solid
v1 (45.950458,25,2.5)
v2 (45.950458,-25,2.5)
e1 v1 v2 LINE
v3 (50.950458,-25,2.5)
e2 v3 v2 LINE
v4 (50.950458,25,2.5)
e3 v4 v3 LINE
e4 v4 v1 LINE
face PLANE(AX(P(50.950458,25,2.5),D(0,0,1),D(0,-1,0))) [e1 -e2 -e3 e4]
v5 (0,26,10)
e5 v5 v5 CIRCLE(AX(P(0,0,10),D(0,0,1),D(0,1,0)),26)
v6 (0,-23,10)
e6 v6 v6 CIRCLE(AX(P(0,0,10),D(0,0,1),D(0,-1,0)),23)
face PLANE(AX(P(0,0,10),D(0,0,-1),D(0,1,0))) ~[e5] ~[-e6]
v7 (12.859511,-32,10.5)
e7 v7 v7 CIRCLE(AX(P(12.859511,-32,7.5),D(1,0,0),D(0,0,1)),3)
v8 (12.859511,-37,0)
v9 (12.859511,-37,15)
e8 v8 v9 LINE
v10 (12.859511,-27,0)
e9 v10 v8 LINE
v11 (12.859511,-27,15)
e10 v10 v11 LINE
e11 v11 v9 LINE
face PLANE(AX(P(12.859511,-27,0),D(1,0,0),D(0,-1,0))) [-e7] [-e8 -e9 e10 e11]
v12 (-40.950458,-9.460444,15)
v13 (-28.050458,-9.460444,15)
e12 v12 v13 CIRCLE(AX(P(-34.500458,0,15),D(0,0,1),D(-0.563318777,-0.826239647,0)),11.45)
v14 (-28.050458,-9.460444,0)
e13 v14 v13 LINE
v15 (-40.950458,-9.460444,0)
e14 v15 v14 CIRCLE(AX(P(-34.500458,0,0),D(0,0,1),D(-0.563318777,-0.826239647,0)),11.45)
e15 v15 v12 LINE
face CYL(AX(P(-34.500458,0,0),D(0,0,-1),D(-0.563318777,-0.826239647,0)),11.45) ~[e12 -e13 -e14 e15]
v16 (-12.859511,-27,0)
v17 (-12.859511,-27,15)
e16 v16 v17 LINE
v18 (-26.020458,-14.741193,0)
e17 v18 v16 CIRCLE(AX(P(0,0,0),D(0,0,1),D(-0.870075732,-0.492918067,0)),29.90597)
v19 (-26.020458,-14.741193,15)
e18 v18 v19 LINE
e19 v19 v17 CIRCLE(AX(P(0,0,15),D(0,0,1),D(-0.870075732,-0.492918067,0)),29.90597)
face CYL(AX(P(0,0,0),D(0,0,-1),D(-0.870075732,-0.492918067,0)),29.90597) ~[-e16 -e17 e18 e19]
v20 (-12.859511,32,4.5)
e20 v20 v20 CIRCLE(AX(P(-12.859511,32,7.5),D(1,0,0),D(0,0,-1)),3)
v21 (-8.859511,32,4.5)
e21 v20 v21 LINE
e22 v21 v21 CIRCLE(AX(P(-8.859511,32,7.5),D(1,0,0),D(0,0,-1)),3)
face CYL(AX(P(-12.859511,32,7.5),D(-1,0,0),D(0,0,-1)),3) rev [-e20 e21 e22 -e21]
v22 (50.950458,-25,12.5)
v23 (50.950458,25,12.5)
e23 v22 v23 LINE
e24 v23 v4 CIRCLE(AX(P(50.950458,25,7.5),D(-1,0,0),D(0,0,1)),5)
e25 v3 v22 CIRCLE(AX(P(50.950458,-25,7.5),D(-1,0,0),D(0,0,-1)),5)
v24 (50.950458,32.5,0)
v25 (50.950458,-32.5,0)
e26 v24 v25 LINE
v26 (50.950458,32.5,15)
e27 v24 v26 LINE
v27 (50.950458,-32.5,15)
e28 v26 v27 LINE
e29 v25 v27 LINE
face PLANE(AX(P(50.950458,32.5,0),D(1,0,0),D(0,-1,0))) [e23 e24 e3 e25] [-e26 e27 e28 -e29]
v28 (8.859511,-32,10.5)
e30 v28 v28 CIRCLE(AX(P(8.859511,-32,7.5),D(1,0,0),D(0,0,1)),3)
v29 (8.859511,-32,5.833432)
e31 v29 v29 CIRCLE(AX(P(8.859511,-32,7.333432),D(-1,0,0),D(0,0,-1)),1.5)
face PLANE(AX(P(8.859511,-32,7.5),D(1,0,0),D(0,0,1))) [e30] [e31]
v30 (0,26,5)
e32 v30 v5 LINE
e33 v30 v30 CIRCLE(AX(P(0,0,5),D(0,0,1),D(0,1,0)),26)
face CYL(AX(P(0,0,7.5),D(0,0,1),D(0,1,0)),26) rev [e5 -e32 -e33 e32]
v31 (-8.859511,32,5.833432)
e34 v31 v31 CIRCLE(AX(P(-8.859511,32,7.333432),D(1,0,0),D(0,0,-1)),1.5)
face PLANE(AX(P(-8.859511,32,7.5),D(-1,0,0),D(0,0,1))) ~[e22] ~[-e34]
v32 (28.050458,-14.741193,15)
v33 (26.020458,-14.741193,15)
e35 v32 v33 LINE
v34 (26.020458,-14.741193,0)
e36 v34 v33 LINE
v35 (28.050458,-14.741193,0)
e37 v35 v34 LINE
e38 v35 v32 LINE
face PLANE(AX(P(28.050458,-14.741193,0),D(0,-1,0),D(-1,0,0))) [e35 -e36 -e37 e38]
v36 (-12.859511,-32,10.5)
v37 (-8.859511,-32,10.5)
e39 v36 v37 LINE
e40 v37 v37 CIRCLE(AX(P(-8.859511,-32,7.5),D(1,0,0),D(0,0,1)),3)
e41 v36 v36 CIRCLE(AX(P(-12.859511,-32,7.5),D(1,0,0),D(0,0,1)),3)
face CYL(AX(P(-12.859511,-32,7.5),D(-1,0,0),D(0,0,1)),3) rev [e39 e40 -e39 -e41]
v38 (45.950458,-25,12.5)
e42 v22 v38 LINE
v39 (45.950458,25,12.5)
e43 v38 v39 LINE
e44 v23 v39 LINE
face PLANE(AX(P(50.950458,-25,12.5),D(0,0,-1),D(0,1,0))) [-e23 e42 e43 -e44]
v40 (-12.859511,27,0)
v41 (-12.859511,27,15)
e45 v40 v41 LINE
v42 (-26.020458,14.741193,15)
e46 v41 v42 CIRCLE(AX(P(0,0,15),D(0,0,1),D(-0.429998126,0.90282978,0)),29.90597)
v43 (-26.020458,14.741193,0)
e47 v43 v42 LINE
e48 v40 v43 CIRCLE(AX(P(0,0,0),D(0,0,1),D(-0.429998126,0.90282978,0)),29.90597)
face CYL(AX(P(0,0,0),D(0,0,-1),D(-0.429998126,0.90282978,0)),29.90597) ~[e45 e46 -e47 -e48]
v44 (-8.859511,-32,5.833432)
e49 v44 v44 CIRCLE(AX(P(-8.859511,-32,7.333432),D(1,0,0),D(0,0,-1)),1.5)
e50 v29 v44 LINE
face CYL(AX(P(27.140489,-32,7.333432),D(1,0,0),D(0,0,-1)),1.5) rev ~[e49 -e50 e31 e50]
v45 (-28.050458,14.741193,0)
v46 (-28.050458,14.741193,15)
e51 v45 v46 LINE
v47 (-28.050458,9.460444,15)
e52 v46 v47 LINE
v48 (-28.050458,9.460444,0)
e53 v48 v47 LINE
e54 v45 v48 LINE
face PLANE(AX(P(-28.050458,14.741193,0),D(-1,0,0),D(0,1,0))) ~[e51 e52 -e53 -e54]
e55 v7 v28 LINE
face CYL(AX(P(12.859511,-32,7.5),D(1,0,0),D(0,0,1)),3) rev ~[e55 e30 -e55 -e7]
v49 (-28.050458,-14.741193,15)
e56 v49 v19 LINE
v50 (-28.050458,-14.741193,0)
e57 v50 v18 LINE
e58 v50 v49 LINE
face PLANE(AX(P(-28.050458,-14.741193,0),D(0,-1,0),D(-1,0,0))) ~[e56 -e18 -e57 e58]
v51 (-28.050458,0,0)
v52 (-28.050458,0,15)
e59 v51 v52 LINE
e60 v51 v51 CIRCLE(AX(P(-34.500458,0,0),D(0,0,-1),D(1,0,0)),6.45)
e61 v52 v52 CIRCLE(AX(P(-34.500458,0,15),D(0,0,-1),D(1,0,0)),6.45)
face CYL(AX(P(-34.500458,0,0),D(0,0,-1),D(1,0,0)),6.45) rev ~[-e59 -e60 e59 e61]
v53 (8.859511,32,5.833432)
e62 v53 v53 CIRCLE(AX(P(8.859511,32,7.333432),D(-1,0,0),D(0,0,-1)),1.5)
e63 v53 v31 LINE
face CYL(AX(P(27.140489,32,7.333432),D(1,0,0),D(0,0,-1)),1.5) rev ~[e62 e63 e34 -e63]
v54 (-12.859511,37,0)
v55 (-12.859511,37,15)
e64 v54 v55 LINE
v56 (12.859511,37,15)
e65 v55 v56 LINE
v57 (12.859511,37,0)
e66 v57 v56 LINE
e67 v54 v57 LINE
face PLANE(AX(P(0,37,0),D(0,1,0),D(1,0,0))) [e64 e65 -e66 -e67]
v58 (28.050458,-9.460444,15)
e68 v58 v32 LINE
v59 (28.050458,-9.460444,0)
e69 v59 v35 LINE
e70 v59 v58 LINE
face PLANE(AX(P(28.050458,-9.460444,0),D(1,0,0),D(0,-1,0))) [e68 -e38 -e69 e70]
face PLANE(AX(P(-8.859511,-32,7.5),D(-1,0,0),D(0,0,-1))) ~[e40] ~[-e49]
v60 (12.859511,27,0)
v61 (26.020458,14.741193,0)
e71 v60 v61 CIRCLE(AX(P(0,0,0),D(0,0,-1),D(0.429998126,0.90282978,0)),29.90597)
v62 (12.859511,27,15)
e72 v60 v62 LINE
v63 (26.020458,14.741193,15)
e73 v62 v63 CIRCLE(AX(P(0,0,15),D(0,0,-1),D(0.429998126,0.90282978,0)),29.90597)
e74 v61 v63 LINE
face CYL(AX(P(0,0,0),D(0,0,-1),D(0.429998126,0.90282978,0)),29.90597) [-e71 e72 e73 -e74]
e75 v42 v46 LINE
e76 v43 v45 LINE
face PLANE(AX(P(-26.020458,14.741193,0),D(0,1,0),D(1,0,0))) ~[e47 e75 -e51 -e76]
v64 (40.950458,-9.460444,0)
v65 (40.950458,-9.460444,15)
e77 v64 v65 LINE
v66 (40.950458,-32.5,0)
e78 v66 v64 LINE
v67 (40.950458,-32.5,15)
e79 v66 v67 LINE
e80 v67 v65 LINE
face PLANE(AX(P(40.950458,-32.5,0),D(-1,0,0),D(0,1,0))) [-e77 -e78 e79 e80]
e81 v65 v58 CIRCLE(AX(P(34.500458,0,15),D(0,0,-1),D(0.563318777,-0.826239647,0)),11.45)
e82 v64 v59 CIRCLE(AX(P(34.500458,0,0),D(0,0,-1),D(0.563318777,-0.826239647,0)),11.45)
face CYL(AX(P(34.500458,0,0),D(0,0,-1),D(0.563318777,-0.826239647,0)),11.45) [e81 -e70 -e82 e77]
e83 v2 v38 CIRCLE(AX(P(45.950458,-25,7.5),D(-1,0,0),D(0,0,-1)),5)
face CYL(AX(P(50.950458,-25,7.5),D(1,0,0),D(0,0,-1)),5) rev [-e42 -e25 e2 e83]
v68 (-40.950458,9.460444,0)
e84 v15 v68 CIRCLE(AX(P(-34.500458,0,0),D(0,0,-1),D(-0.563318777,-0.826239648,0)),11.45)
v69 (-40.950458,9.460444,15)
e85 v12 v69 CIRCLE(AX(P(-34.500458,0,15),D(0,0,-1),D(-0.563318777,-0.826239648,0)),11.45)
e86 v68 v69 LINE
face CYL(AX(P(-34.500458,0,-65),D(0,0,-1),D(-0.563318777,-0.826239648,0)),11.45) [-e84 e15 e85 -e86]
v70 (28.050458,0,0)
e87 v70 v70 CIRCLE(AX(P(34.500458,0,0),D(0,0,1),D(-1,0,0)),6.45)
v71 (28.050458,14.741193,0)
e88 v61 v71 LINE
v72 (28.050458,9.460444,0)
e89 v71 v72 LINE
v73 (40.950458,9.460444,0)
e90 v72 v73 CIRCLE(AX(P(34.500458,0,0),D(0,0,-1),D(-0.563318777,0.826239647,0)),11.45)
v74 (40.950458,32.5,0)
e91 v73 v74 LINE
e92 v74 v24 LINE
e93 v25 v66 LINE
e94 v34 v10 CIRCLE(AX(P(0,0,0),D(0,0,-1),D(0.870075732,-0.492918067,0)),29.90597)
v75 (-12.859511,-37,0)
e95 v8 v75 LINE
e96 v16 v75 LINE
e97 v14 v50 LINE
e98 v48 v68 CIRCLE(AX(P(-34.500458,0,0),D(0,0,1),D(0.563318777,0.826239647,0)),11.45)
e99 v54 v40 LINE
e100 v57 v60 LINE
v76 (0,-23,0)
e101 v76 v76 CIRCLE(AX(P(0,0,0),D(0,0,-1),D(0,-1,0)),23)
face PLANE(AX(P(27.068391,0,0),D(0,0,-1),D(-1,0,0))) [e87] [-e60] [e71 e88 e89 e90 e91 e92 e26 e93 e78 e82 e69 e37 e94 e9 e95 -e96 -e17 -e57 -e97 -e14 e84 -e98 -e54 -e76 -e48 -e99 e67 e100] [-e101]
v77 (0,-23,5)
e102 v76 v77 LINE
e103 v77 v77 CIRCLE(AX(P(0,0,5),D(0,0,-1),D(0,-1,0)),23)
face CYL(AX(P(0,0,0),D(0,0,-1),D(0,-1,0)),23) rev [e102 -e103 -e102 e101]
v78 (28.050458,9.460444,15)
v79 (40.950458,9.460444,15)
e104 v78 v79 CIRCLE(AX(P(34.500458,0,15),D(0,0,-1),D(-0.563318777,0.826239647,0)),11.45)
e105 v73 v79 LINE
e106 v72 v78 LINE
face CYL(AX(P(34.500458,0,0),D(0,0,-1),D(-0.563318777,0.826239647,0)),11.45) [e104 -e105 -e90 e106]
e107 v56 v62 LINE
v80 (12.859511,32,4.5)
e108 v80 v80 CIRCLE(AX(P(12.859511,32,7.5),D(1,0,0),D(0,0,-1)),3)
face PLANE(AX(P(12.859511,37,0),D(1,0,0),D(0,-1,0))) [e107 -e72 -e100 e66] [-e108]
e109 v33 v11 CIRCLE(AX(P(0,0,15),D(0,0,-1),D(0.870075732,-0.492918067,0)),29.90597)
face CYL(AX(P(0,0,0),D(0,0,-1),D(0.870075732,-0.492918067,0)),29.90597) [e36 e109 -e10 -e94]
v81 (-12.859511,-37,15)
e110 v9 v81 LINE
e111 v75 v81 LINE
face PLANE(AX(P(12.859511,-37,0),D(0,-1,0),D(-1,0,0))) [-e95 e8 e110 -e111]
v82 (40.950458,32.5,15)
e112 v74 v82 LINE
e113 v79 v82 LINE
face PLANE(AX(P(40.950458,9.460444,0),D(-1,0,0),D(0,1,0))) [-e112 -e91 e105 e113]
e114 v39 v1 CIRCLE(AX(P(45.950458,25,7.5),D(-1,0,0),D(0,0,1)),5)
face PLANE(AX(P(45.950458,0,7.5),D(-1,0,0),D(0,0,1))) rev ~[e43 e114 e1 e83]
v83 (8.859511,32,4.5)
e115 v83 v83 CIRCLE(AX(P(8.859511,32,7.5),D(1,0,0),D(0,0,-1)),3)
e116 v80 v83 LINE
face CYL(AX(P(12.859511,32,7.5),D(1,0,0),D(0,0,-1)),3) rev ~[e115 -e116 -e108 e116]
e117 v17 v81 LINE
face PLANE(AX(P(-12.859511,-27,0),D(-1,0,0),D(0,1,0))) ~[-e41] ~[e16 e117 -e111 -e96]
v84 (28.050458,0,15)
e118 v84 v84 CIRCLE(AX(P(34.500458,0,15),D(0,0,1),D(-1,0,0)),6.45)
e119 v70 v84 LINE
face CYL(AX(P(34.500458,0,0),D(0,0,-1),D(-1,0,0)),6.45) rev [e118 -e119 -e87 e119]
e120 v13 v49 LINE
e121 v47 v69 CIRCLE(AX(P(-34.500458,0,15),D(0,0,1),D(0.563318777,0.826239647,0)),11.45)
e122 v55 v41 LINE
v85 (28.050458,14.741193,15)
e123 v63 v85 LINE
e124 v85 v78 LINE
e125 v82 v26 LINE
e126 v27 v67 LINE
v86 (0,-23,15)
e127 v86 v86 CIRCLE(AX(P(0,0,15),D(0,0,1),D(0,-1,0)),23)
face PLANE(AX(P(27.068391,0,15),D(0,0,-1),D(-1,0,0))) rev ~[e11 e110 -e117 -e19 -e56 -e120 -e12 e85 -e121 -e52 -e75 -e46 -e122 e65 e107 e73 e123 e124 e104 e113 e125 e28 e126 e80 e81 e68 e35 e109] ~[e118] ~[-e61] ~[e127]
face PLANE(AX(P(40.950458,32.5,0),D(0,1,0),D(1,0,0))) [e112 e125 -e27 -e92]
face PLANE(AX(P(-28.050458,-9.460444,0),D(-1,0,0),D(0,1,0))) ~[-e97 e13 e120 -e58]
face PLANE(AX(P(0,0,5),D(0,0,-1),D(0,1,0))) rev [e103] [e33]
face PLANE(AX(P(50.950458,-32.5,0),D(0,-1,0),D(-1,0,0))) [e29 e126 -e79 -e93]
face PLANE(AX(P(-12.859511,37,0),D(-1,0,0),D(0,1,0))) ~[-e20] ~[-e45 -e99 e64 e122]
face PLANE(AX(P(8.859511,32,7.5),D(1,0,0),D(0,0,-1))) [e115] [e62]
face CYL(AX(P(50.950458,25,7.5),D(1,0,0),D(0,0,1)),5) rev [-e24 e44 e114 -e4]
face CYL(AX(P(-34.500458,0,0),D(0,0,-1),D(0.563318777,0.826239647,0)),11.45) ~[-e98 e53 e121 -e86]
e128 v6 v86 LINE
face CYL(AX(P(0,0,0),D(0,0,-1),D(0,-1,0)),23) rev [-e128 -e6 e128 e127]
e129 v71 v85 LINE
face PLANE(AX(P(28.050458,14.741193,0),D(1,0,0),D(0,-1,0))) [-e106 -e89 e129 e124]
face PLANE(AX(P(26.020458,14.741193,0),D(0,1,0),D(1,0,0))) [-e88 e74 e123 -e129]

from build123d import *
from build123d.topology import SkipClean

# Parameters (mm, degrees)
SKETCH1_R           = 6.45
BOSS_EXTRUDE1_DEPTH = 15
SKETCH2_W           = 5
SKETCH2_H           = 3
CUT_EXTRUDE3_DEPTH  = 5
CUT_EXTRUDE4_START  = -40
SKETCH4_R           = 1.5
CUT_EXTRUDE4_DEPTH  = 63
SKETCH5_R           = 3
CUT_EXTRUDE5_DEPTH  = 4
CUT_EXTRUDE6_START  = -80
CUT_EXTRUDE6_DEPTH  = 80


with BuildPart() as part:
    # Sketch1 → Boss-Extrude1 (new body)
    with BuildSketch(Plane.XY):
        with BuildLine():
            Line((0, 23), (0, 37))
            Line((0, 37), (12.859510911, 37))
            Line((12.859510911, 37), (12.859510911, 27))
            ThreePointArc((12.859510911, 27), (20.383390121, 21.88342816), (26.020458433, 14.741192754))
            Line((26.020458433, 14.741192754), (28.050458433, 14.741192754))
            Line((28.050458433, 14.741192754), (28.050458433, 9.460443964))
            ThreePointArc((28.050458433, 9.460443964), (34.500458433, 11.45), (40.950458433, 9.460443964))
            Line((40.950458433, 9.460443964), (40.950458433, 32.5))
            Line((40.950458433, 32.5), (50.950458433, 32.5))
            Line((50.950458433, 32.5), (50.950458433, -32.5))
            Line((50.950458433, -32.5), (40.950458433, -32.5))
            Line((40.950458433, -32.5), (40.950458433, -9.460443964))
            ThreePointArc((40.950458433, -9.460443964), (34.500458433, -11.45), (28.050458433, -9.460443964))
            Line((28.050458433, -9.460443964), (28.050458433, -14.741192754))
            Line((28.050458433, -14.741192754), (26.020458433, -14.741192754))
            ThreePointArc((26.020458433, -14.741192754), (20.383390121, -21.88342816), (12.859510911, -27))
            Line((12.859510911, -27), (12.859510911, -37))
            Line((12.859510911, -37), (0, -37))
            Line((0, -37), (0, -23))
            ThreePointArc((0, -23), (23, 0), (0, 23))
        make_face()
        with Locations(Location((34.500458433, 0, 0), (0, 0, 180))):
            Circle(SKETCH1_R, mode=Mode.SUBTRACT)
    boss_extrude1 = extrude(amount=BOSS_EXTRUDE1_DEPTH)

    # Sketch2 → Cut-Revolve1 (revolve, cut)
    with BuildSketch(Plane.ZY):
        with Locations((7.5, 24.5)):
            Rectangle(SKETCH2_W, SKETCH2_H)
    cut_revolve1 = revolve(axis=Axis((0, 0, 15), (0, 0, -1)), mode=Mode.SUBTRACT)

    # Sketch3 → Cut-Extrude3 (cut)
    with BuildSketch(Plane(origin=(50.950458433, 0, 0), x_dir=(0, 0, -1), z_dir=(1, 0, 0))):
        with BuildLine():
            Line((-12.5, -25), (-12.5, 25))
            ThreePointArc((-12.5, 25), (-7.5, 30), (-2.5, 25))
            Line((-2.5, 25), (-2.5, -25))
            ThreePointArc((-2.5, -25), (-7.5, -30), (-12.5, -25))
        make_face()
    extrude(amount=-CUT_EXTRUDE3_DEPTH, mode=Mode.SUBTRACT)

    # Sketch4 → Cut-Extrude4 (cut)
    with BuildSketch(Plane(origin=(12.859510911, 0, 0), x_dir=(0, 0, -1), z_dir=(1, 0, 0)).offset(CUT_EXTRUDE4_START)):
        with Locations((-7.333431897, 32)):
            Circle(SKETCH4_R)
        with Locations((-7.333431897, -32)):
            Circle(SKETCH4_R)
    cut_extrude4 = extrude(amount=CUT_EXTRUDE4_DEPTH, mode=Mode.SUBTRACT)

    # Sketch5 → Cut-Extrude5 (cut)
    with BuildSketch(Plane(origin=(12.859510911, 0, 0), x_dir=(0, 0, -1), z_dir=(1, 0, 0))):
        with Locations((-7.5, 32)):
            Circle(SKETCH5_R)
        with Locations(Location((-7.5, -32, 0), (0, 0, 180))):
            Circle(SKETCH5_R)
    cut_extrude5 = extrude(amount=-CUT_EXTRUDE5_DEPTH, mode=Mode.SUBTRACT)

    # Mirror1: Boss-Extrude1, Cut-Revolve1, Cut-Extrude4, Cut-Extrude5 across plane
    add(boss_extrude1.mirror(Plane.ZY))
    add(cut_revolve1.mirror(Plane.ZY), mode=Mode.SUBTRACT)
    add(cut_extrude4.mirror(Plane.ZY), mode=Mode.SUBTRACT)
    add(cut_extrude5.mirror(Plane.ZY), mode=Mode.SUBTRACT)

    # Sketch6 → Cut-Extrude6 (cut)
    with SkipClean():  # the faces are left unmerged after this step: merging them gives an invalid solid
        with BuildSketch(Plane.XY.offset(15).offset(CUT_EXTRUDE6_START)):
            with BuildLine():
                Line((-40.950458433, 9.460443964), (-40.950458433, 38.741811421))
                Line((-40.950458433, 38.741811421), (-62.772471418, 38.741811421))
                Line((-62.772471418, 38.741811421), (-62.772471418, -39.471412389))
                Line((-62.772471418, -39.471412389), (-40.950458433, -39.471412389))
                Line((-40.950458433, -39.471412389), (-40.950458433, -9.460443964))
                ThreePointArc((-40.950458433, -9.460443964), (-45.950458433, 0), (-40.950458433, 9.460443964))
            make_face()
        extrude(amount=CUT_EXTRUDE6_DEPTH, mode=Mode.SUBTRACT)


solid = part.part
